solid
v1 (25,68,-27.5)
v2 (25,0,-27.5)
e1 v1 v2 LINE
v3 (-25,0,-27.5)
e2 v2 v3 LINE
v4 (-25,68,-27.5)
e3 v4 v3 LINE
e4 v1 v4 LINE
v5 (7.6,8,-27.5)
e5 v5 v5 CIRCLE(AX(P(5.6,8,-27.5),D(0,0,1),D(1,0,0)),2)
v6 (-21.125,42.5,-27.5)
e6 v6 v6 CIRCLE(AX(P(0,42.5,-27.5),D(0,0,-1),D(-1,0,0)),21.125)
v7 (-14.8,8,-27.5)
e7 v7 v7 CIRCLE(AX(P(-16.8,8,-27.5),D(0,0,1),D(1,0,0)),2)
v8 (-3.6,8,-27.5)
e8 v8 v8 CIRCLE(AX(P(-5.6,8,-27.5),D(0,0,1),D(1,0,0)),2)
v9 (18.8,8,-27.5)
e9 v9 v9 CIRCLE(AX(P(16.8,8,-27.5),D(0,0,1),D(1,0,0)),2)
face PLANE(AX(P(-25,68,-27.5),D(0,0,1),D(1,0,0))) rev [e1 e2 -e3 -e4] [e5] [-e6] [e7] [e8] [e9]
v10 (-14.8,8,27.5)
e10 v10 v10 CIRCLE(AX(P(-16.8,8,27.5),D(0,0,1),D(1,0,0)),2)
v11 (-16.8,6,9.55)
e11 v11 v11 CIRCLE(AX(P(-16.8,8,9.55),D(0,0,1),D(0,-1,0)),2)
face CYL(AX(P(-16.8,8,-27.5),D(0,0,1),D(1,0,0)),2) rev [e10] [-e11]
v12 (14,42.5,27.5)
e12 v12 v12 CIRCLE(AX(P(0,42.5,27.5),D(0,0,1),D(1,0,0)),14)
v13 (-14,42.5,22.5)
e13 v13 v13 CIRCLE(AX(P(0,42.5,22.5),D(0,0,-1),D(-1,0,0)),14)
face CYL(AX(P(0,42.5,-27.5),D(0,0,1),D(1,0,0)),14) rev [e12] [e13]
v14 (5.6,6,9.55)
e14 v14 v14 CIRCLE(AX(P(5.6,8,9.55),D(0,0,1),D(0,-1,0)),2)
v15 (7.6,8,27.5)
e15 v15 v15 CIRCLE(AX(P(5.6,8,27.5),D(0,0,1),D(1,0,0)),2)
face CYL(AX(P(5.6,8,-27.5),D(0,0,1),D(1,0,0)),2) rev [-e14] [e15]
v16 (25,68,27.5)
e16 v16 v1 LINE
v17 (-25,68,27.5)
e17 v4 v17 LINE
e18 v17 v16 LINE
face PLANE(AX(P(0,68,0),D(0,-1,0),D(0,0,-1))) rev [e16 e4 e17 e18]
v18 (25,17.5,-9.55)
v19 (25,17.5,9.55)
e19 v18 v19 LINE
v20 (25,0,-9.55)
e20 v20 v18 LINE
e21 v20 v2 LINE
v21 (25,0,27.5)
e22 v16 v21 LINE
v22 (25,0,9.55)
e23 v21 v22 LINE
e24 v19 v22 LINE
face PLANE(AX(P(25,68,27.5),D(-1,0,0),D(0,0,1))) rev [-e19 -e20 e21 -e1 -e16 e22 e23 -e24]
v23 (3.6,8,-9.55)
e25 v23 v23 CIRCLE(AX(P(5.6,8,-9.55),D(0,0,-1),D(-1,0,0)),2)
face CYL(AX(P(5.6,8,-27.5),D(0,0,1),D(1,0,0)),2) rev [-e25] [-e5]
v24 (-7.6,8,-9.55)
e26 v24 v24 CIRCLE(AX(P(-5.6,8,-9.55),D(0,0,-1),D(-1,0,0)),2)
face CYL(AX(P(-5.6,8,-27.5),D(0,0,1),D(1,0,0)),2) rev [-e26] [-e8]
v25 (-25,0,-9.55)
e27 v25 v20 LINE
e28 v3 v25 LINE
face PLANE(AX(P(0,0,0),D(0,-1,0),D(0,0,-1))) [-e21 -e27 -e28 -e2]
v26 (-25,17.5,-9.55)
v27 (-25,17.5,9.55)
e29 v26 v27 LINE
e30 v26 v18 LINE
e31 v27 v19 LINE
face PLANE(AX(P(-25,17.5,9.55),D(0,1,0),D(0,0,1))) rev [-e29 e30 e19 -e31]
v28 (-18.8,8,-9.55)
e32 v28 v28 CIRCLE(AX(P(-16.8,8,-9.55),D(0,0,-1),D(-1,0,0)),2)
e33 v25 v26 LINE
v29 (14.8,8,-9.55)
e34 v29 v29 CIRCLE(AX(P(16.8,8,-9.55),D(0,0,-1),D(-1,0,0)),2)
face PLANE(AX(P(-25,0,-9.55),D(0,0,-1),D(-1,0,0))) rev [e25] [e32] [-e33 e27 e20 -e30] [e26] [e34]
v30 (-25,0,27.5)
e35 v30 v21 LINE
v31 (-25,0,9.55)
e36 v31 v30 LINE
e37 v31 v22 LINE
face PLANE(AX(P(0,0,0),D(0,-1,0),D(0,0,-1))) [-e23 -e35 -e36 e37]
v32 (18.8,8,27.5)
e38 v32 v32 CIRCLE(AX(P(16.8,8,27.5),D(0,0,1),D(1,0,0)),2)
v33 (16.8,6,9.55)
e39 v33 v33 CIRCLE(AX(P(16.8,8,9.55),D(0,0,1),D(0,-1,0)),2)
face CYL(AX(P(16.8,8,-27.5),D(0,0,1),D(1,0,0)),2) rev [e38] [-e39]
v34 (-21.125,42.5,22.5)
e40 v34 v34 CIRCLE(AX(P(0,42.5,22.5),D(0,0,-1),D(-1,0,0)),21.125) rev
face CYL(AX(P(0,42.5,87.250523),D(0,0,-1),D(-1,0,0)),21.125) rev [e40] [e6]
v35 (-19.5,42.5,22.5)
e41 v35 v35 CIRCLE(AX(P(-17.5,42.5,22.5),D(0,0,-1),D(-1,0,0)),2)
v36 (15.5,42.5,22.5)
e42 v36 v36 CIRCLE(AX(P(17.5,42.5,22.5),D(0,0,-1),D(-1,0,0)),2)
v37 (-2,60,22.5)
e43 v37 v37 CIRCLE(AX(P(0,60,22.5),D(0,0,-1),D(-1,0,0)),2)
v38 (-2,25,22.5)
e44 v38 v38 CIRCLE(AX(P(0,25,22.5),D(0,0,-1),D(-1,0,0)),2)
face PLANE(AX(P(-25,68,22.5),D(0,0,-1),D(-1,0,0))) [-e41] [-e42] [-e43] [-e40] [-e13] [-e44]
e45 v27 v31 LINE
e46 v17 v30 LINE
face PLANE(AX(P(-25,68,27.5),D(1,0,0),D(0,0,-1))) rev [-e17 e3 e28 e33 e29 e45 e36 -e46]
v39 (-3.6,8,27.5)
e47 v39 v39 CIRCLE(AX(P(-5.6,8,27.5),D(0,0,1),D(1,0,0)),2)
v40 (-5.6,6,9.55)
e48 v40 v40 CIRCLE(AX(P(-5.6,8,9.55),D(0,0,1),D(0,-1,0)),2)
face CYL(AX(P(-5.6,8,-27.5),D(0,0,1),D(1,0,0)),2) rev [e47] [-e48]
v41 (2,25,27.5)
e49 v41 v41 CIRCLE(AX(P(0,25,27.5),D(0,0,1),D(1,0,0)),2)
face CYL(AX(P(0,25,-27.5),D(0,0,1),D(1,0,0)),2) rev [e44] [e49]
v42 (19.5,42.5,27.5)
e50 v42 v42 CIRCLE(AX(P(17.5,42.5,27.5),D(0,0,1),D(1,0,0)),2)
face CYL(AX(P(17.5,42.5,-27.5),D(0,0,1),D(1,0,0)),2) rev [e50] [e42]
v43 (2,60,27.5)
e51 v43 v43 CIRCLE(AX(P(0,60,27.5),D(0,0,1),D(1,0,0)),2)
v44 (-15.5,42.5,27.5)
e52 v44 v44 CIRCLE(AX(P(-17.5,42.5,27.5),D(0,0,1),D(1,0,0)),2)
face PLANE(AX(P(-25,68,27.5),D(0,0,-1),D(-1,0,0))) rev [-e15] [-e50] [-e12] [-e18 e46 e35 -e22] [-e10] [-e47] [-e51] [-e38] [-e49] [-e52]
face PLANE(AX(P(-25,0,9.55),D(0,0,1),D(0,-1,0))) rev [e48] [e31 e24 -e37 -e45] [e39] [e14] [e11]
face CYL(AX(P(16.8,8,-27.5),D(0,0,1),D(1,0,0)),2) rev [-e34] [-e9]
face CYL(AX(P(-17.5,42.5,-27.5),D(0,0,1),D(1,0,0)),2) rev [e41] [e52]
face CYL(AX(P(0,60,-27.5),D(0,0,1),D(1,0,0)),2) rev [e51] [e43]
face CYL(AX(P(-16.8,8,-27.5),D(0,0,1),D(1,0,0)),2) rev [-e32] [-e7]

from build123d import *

# Parameters (mm, degrees)
SKETCH1_W           = 50
SKETCH1_H           = 55
BOSS_EXTRUDE1_DEPTH = 68
SKETCH3_R           = 21.125
CUT_EXTRUDE1_DEPTH  = 50
SKETCH2_R           = 14
SKETCH2_R_2         = 2
CUT_EXTRUDE2_DEPTH  = 91.96153033
SKETCH4_W           = 19.1
SKETCH4_H           = 17.5
CUT_EXTRUDE3_DEPTH  = 89.770772217
SKETCH5_R           = 2
CUT_EXTRUDE4_DEPTH  = 91.96153033


with BuildPart() as part:
    # Sketch1 → Boss-Extrude1 (new body)
    with BuildSketch(Plane(origin=(0, 0, 0), x_dir=(1, 0, 0), z_dir=(0, 1, 0))):
        Rectangle(SKETCH1_W, SKETCH1_H)
    extrude(amount=BOSS_EXTRUDE1_DEPTH)

    # Sketch3 → Cut-Extrude1 (cut)
    with BuildSketch(Plane(origin=(0, 0, -27.5), x_dir=(-1, 0, 0), z_dir=(0, 0, -1))):
        with Locations((0, 42.5)):
            Circle(SKETCH3_R)
    extrude(amount=-CUT_EXTRUDE1_DEPTH, mode=Mode.SUBTRACT)

    # Sketch2 → Cut-Extrude2 (cut, through all)
    with BuildSketch(Plane.XY.offset(27.5)):
        with Locations((0, 42.5)):
            Circle(SKETCH2_R)
        with Locations((0, 60)):
            Circle(SKETCH2_R_2)
        with Locations((17.5, 42.5)):
            Circle(SKETCH2_R_2)
        with Locations((0, 25)):
            Circle(SKETCH2_R_2)
        with Locations((-17.5, 42.5)):
            Circle(SKETCH2_R_2)
    extrude(amount=-CUT_EXTRUDE2_DEPTH, mode=Mode.SUBTRACT)

    # Sketch4 → Cut-Extrude3 (cut, through all)
    with BuildSketch(Plane(origin=(25, 0, 0), x_dir=(0, 0, -1), z_dir=(1, 0, 0))):
        with Locations((0, 8.75)):
            Rectangle(SKETCH4_W, SKETCH4_H)
    extrude(amount=-CUT_EXTRUDE3_DEPTH, mode=Mode.SUBTRACT)

    # Sketch5 → Cut-Extrude4 (cut, through all)
    with BuildSketch(Plane.XY.offset(27.5)):
        with Locations((-16.8, 8)):
            Circle(SKETCH5_R)
        with Locations((-5.6, 8)):
            Circle(SKETCH5_R)
        with Locations((5.6, 8)):
            Circle(SKETCH5_R)
        with Locations((16.8, 8)):
            Circle(SKETCH5_R)
    extrude(amount=-CUT_EXTRUDE4_DEPTH, mode=Mode.SUBTRACT)


solid = part.part
